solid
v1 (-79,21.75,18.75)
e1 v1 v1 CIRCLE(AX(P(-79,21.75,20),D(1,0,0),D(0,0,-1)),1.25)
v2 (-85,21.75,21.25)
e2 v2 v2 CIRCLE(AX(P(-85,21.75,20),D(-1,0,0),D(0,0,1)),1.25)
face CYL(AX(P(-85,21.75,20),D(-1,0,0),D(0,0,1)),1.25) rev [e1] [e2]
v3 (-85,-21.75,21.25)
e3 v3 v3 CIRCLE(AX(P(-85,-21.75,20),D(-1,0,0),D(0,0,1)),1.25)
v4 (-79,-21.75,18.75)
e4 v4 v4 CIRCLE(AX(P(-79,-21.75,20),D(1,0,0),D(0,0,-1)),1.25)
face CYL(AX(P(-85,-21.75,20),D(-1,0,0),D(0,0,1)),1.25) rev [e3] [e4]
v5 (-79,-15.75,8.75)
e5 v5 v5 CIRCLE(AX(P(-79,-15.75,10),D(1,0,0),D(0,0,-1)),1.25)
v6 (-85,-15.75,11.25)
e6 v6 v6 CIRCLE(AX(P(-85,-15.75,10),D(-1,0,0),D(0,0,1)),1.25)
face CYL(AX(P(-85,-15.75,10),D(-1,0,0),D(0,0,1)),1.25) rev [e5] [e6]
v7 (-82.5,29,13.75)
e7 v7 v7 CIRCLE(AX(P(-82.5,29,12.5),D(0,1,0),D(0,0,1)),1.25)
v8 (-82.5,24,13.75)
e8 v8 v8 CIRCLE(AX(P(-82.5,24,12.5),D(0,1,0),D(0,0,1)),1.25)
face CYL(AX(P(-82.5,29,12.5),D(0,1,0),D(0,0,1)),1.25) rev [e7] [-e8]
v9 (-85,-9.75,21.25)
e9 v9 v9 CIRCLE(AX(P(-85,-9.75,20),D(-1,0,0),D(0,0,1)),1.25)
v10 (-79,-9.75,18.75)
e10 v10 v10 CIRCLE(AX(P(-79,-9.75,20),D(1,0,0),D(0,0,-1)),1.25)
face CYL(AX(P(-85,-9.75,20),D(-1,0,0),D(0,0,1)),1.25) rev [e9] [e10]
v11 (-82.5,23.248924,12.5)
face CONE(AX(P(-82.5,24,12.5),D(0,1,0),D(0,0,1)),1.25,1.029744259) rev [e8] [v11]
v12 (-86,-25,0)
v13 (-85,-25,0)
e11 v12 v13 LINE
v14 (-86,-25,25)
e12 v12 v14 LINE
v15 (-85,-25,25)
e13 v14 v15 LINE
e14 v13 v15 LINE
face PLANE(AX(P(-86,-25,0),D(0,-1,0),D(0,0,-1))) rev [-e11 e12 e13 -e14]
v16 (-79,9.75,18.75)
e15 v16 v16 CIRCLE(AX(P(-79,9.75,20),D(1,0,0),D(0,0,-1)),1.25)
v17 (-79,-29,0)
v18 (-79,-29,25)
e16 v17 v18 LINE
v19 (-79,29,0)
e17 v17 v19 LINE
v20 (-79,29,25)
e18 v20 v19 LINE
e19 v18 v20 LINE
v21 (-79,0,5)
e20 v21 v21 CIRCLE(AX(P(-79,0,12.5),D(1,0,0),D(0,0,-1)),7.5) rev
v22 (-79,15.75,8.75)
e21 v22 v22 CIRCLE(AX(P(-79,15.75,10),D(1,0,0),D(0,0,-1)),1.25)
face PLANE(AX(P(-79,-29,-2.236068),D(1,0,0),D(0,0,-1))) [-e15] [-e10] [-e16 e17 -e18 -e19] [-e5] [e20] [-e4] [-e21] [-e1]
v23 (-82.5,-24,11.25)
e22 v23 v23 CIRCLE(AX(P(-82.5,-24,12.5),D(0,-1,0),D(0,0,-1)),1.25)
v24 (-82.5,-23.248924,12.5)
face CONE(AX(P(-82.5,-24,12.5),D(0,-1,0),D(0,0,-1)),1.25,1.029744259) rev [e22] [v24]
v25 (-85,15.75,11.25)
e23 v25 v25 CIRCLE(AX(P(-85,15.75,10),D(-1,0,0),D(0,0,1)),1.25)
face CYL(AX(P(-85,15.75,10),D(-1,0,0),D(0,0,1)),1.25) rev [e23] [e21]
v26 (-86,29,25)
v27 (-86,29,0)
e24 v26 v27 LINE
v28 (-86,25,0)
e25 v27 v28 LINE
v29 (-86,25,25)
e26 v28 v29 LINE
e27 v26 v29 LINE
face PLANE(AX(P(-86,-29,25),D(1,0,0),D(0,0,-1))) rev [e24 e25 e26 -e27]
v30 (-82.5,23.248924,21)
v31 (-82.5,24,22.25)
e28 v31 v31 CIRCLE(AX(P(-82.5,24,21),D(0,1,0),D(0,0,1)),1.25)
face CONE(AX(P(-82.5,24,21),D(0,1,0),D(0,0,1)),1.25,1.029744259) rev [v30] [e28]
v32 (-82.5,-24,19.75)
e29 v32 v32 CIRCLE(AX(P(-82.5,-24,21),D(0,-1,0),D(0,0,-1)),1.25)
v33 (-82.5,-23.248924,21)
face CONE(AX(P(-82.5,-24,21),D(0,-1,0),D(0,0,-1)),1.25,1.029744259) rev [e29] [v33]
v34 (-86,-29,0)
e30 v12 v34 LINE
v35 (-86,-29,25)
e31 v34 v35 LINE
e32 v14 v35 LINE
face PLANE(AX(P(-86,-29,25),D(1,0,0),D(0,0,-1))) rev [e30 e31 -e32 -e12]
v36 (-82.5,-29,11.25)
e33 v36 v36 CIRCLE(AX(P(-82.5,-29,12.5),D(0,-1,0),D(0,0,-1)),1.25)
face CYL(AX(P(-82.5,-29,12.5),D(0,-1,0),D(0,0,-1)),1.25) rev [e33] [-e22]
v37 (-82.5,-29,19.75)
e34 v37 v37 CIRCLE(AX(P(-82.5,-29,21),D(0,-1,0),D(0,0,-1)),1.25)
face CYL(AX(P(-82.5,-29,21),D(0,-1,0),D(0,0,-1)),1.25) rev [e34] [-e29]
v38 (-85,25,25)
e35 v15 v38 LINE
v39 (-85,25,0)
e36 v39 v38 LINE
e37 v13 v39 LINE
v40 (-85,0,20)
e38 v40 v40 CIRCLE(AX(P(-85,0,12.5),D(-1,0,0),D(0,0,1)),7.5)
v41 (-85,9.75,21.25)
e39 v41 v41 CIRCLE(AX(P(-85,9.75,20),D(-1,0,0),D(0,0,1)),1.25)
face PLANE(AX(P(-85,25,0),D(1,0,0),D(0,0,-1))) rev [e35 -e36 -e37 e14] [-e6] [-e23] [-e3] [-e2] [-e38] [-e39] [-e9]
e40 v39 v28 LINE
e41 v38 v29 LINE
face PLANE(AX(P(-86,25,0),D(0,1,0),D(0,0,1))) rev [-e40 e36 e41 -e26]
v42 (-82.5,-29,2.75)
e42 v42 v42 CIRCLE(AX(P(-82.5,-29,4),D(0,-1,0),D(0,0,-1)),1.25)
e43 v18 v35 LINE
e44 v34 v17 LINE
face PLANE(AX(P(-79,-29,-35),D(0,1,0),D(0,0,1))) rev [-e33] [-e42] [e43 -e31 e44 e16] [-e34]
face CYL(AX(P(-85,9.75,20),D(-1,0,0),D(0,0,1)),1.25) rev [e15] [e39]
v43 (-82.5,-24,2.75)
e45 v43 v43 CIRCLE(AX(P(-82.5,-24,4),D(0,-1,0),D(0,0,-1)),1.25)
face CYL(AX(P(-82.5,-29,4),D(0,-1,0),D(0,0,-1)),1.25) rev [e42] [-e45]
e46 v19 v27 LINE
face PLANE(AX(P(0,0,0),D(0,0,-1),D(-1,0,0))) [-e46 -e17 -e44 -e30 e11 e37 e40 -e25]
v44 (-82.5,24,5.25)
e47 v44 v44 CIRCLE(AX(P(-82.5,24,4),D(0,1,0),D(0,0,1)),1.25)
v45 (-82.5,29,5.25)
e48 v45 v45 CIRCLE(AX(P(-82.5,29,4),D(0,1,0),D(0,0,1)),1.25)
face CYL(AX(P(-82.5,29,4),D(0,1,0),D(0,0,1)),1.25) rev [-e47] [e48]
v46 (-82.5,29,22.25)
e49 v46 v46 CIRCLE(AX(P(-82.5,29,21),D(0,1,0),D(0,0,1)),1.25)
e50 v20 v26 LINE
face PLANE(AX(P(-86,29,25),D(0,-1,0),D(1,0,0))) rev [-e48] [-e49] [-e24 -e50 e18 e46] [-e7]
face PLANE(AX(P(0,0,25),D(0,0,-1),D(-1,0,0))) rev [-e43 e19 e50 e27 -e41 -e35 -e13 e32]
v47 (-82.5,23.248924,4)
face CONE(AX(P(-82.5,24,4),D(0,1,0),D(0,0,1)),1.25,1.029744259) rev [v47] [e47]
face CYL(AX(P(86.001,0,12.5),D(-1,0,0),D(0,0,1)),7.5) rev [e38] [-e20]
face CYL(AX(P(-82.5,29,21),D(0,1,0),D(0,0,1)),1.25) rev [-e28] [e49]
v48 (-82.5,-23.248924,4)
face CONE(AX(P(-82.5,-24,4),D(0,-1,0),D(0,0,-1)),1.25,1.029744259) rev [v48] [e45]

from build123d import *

# Parameters (mm, degrees)
EXTRUDE_1_DEPTH             = 25
SKETCH_2_W                  = 1
SKETCH_2_H                  = 50
CUT_EXTRUDE_1_DEPTH         = 26
SKETCH_3_W                  = 52
SKETCH_3_H                  = 1
EXTRUDE_2_DEPTH             = 25
SKETCH_4_W                  = 2
SKETCH_4_H                  = 1
EXTRUDE_3_DEPTH             = 25
SKETCH_5_W                  = 2
SKETCH_5_H                  = 1
EXTRUDE_4_DEPTH             = 25
SKETCH_6_W                  = 11
SKETCH_6_H                  = 1
CUT_EXTRUDE_2_DEPTH         = 26
SKETCH_7_R                  = 8.5
CUT_EXTRUDE_3_DEPTH         = 64
SKETCH_8_R                  = 9.5
CUT_EXTRUDE_4_DEPTH         = 5
SKETCH_9_W                  = 2
SKETCH_9_H                  = 5
EXTRUDE_5_DEPTH             = 25
HOLE_WIZARD_1_D             = 3.4
HOLE_WIZARD_1_DEPTH         = 5
HOLE_WIZARD_1_CBORE_D       = 6
HOLE_WIZARD_1_CBORE_DEPTH   = 3
SKETCH_14_R                 = 1.5
CUT_EXTRUDE_8_DEPTH         = 5
SKETCH_22_W                 = 25
SKETCH_22_H                 = 52
EXTRUDE_9_DEPTH             = 2
CUT_EXTRUDE_START           = -6
CUT_EXTRUDE_10_DEPTH        = 6
CUT_EXTRUDE_11_REACH        = 173
SKETCH_17_R                 = 7.5
CUT_EXTRUDE_12_DEPTH        = 60
HOLE_WIZARD_M3_1_D          = 2.5
HOLE_WIZARD_M3_1_DEPTH      = 8.5
HOLE_WIZARD_M3_1_TIP        = 0.751075774
HOLE_WIZARD_M3_2_AT_2_COUNT = 2
HOLE_WIZARD_M3_2_AT_2_PITCH = 8.5
HOLE_WIZARD_M3_2_AT_3_COUNT = 2
HOLE_WIZARD_M3_2_AT_3_PITCH = 17


with BuildPart() as part:
    # 草图1 → 凸台-拉伸1 (new body)
    with BuildSketch(Plane.XY):
        Polygon((-81, -29), (86, -29), (86, -34), (-86, -34), (-86, -29), (-86, 29), (-81, 29), align=None)
    extrude(amount=EXTRUDE_1_DEPTH)

    # 草图2 → 切除-拉伸1 (cut, through all)
    with BuildSketch(Plane.XY.offset(25)):
        with Locations((-85.5, 0)):
            Rectangle(SKETCH_2_W, SKETCH_2_H)
    extrude(amount=-CUT_EXTRUDE_1_DEPTH, mode=Mode.SUBTRACT)

    # 草图3 → 凸台-拉伸2 (add)
    with BuildSketch(Plane.XY.offset(25)):
        with Locations((0, -28.5)):
            Rectangle(SKETCH_3_W, SKETCH_3_H)
    extrude(amount=-EXTRUDE_2_DEPTH)

    # 草图4 → 凸台-拉伸3 (add)
    with BuildSketch(Plane.XY.offset(25)):
        with Locations((-80, -28.5)):
            Rectangle(SKETCH_4_W, SKETCH_4_H)
    extrude(amount=-EXTRUDE_3_DEPTH)

    # 草图5 → 凸台-拉伸4 (add)
    with BuildSketch(Plane.XY.offset(25)):
        with Locations((78, -28.5)):
            Rectangle(SKETCH_5_W, SKETCH_5_H)
    extrude(amount=-EXTRUDE_4_DEPTH)

    # 草图6 → 切除-拉伸2 (cut, through all)
    with BuildSketch(Plane.XY.offset(25)):
        with Locations((-20.5, -33.5)):
            Rectangle(SKETCH_6_W, SKETCH_6_H)
    cut_extrude_2 = extrude(amount=-CUT_EXTRUDE_2_DEPTH, mode=Mode.SUBTRACT)

    # 镜向1: 切除-拉伸2 across plane
    add(cut_extrude_2.mirror(Plane(origin=(0, 0, 0), x_dir=(0, 0, 1), z_dir=(1, 0, 0))), mode=Mode.SUBTRACT)

    # 草图7 → 切除-拉伸3 (cut, through all)
    with BuildSketch(Plane.XZ.offset(34)):
        with Locations((0, 12.5)):
            Circle(SKETCH_7_R)
    extrude(amount=-CUT_EXTRUDE_3_DEPTH, mode=Mode.SUBTRACT)

    # 草图8 → 切除-拉伸4 (cut)
    with BuildSketch(Plane(origin=(0, -28, 0), x_dir=(1, 0, 0), z_dir=(0, 1, 0))):
        with Locations((0, -12.5)):
            Circle(SKETCH_8_R)
    extrude(amount=-CUT_EXTRUDE_4_DEPTH, mode=Mode.SUBTRACT)

    # 草图9 → 凸台-拉伸5 (add)
    with BuildSketch(Plane(origin=(0, 0, 0), x_dir=(-1, 0, 0), z_dir=(0, 0, -1))):
        with Locations((80, 26.5)):
            Rectangle(SKETCH_9_W, SKETCH_9_H)
    extrude(amount=-EXTRUDE_5_DEPTH)

    # 孔1
    with Locations(Plane(origin=(82.5, -34, 21), x_dir=(-1, 0, 0), z_dir=(0, -1, 0))):
        with Locations((0, 0), (0, 8.5), (0, 17)):
            CounterBoreHole(HOLE_WIZARD_1_D / 2, HOLE_WIZARD_1_CBORE_D / 2, HOLE_WIZARD_1_CBORE_DEPTH, depth=HOLE_WIZARD_1_DEPTH)

    # 草图14 → 切除-拉伸8 (cut)
    with BuildSketch(Plane.XZ.offset(33)):
        with Locations((-23, 20)):
            Circle(SKETCH_14_R)
        with Locations((-23, 5)):
            Circle(SKETCH_14_R)
    cut_extrude_8 = extrude(amount=-CUT_EXTRUDE_8_DEPTH, mode=Mode.SUBTRACT)

    # 镜向2: 切除-拉伸8 across plane
    add(cut_extrude_8.mirror(Plane(origin=(0, 0, 0), x_dir=(0, 0, 1), z_dir=(1, 0, 0))), mode=Mode.SUBTRACT)

    # 草图22 → 凸台-拉伸9 (add)
    with BuildSketch(Plane(origin=(-81, 0, 0), x_dir=(0, 0, -1), z_dir=(1, 0, 0))):
        with Locations((-12.5, -2)):
            Rectangle(SKETCH_22_W, SKETCH_22_H)
    extrude(amount=EXTRUDE_9_DEPTH)

    # 草图16 → 切除-拉伸10 (cut)
    with BuildSketch(Plane.XZ.offset(34).offset(CUT_EXTRUDE_START)):
        with BuildLine():
            Line((-73, 20), (-30, 20))
            ThreePointArc((-30, 20), (-26.464466094, 18.535533906), (-25, 15))
            Line((-25, 15), (-25, 10))
            ThreePointArc((-25, 10), (-26.464466094, 6.464466094), (-30, 5))
            Line((-30, 5), (-73, 5))
            ThreePointArc((-73, 5), (-76.535533906, 6.464466094), (-78, 10))
            Line((-78, 10), (-78, 15))
            ThreePointArc((-78, 15), (-76.535533906, 18.535533906), (-73, 20))
        make_face()
    cut_extrude_10 = extrude(amount=CUT_EXTRUDE_10_DEPTH, mode=Mode.SUBTRACT)

    # 镜向3: 切除-拉伸10 across plane
    add(cut_extrude_10.mirror(Plane(origin=(0, 0, 0), x_dir=(0, 0, 1), z_dir=(1, 0, 0))), mode=Mode.SUBTRACT)

    # 草图17 → 切除-拉伸11 (cut, up to next)
    with BuildSketch(Plane.ZY.offset(85), mode=Mode.PRIVATE) as cut_extrude_11_sk1:
        with Locations((12.5, 0)):
            Circle(SKETCH_17_R)
    cut_extrude_11_tool1 = extrude(cut_extrude_11_sk1.sketch, amount=-CUT_EXTRUDE_11_REACH, mode=Mode.PRIVATE) & part.part
    add(cut_extrude_11_tool1.solids().sort_by_distance((-85, 0, 12.5))[0], mode=Mode.SUBTRACT)

    # 草图18 → 切除-拉伸12 (cut)
    with BuildSketch(Plane.XY.offset(25)):
        Polygon((-79, -29), (-86, -29), (-86, -34), (86, -34), (86, -25.759087468), (-79, -25.759087468), align=None)
    extrude(amount=-CUT_EXTRUDE_12_DEPTH, mode=Mode.SUBTRACT)

    # M3 螺纹孔1
    with Locations(Plane(origin=(-85, 21.75, 20), x_dir=(0, 0, -1), z_dir=(-1, 0, 0))):
        with Locations((0, 0), (0, 12), (10, 6), (0, 31.5), (0, 43.5), (10, 37.5)):
            Hole(HOLE_WIZARD_M3_1_D / 2, depth=HOLE_WIZARD_M3_1_DEPTH)
            with Locations((0, 0, -(HOLE_WIZARD_M3_1_DEPTH + HOLE_WIZARD_M3_1_TIP / 2))):  # 118° drill point
                Cone(0, HOLE_WIZARD_M3_1_D / 2, HOLE_WIZARD_M3_1_TIP, mode=Mode.SUBTRACT)

    # 草图24 → M3 螺纹孔2 (revolve, cut)
    with BuildSketch(Plane(origin=(-82.5, 29, 21), x_dir=(0, 0, 1), z_dir=(1, 0, 0))):
        Polygon((0, 0), (0, 5.751075774), (1.25, 5), (1.25, 0), align=None)
    hole_wizard_m3_2 = revolve(axis=Axis((-82.5, 35.35, 21), (0, -1, 0)), mode=Mode.SUBTRACT)

    # M3 螺纹孔2 at 2: M3 螺纹孔2 ×2
    with Locations(*[(0, 0, -i * HOLE_WIZARD_M3_2_AT_2_PITCH) for i in range(1, HOLE_WIZARD_M3_2_AT_2_COUNT)]):
        add(hole_wizard_m3_2, mode=Mode.SUBTRACT)

    # M3 螺纹孔2 at 3: M3 螺纹孔2 ×2
    with Locations(*[(0, 0, -i * HOLE_WIZARD_M3_2_AT_3_PITCH) for i in range(1, HOLE_WIZARD_M3_2_AT_3_COUNT)]):
        add(hole_wizard_m3_2, mode=Mode.SUBTRACT)

    # 镜向4: M3 螺纹孔2 across plane
    add(hole_wizard_m3_2.mirror(Plane.ZX), mode=Mode.SUBTRACT)

    # 镜向4 copy 1 sketch → 镜向4 copy 1 (revolve, cut)
    with BuildSketch(Plane(origin=(-82.5, -29, 12.5), x_dir=(0, 0, 1), z_dir=(1, 0, 0))):
        Polygon((0, 0), (0, -5.751075774), (1.25, -5), (1.25, 0), align=None)
    revolve(axis=Axis((-82.5, -35.35, 12.5), (0, -1, 0)), mode=Mode.SUBTRACT)

    # 镜向4 copy 2 sketch → 镜向4 copy 2 (revolve, cut)
    with BuildSketch(Plane(origin=(-82.5, -29, 4), x_dir=(0, 0, 1), z_dir=(1, 0, 0))):
        Polygon((0, 0), (0, -5.751075774), (1.25, -5), (1.25, 0), align=None)
    revolve(axis=Axis((-82.5, -35.35, 4), (0, -1, 0)), mode=Mode.SUBTRACT)


solid = part.part
